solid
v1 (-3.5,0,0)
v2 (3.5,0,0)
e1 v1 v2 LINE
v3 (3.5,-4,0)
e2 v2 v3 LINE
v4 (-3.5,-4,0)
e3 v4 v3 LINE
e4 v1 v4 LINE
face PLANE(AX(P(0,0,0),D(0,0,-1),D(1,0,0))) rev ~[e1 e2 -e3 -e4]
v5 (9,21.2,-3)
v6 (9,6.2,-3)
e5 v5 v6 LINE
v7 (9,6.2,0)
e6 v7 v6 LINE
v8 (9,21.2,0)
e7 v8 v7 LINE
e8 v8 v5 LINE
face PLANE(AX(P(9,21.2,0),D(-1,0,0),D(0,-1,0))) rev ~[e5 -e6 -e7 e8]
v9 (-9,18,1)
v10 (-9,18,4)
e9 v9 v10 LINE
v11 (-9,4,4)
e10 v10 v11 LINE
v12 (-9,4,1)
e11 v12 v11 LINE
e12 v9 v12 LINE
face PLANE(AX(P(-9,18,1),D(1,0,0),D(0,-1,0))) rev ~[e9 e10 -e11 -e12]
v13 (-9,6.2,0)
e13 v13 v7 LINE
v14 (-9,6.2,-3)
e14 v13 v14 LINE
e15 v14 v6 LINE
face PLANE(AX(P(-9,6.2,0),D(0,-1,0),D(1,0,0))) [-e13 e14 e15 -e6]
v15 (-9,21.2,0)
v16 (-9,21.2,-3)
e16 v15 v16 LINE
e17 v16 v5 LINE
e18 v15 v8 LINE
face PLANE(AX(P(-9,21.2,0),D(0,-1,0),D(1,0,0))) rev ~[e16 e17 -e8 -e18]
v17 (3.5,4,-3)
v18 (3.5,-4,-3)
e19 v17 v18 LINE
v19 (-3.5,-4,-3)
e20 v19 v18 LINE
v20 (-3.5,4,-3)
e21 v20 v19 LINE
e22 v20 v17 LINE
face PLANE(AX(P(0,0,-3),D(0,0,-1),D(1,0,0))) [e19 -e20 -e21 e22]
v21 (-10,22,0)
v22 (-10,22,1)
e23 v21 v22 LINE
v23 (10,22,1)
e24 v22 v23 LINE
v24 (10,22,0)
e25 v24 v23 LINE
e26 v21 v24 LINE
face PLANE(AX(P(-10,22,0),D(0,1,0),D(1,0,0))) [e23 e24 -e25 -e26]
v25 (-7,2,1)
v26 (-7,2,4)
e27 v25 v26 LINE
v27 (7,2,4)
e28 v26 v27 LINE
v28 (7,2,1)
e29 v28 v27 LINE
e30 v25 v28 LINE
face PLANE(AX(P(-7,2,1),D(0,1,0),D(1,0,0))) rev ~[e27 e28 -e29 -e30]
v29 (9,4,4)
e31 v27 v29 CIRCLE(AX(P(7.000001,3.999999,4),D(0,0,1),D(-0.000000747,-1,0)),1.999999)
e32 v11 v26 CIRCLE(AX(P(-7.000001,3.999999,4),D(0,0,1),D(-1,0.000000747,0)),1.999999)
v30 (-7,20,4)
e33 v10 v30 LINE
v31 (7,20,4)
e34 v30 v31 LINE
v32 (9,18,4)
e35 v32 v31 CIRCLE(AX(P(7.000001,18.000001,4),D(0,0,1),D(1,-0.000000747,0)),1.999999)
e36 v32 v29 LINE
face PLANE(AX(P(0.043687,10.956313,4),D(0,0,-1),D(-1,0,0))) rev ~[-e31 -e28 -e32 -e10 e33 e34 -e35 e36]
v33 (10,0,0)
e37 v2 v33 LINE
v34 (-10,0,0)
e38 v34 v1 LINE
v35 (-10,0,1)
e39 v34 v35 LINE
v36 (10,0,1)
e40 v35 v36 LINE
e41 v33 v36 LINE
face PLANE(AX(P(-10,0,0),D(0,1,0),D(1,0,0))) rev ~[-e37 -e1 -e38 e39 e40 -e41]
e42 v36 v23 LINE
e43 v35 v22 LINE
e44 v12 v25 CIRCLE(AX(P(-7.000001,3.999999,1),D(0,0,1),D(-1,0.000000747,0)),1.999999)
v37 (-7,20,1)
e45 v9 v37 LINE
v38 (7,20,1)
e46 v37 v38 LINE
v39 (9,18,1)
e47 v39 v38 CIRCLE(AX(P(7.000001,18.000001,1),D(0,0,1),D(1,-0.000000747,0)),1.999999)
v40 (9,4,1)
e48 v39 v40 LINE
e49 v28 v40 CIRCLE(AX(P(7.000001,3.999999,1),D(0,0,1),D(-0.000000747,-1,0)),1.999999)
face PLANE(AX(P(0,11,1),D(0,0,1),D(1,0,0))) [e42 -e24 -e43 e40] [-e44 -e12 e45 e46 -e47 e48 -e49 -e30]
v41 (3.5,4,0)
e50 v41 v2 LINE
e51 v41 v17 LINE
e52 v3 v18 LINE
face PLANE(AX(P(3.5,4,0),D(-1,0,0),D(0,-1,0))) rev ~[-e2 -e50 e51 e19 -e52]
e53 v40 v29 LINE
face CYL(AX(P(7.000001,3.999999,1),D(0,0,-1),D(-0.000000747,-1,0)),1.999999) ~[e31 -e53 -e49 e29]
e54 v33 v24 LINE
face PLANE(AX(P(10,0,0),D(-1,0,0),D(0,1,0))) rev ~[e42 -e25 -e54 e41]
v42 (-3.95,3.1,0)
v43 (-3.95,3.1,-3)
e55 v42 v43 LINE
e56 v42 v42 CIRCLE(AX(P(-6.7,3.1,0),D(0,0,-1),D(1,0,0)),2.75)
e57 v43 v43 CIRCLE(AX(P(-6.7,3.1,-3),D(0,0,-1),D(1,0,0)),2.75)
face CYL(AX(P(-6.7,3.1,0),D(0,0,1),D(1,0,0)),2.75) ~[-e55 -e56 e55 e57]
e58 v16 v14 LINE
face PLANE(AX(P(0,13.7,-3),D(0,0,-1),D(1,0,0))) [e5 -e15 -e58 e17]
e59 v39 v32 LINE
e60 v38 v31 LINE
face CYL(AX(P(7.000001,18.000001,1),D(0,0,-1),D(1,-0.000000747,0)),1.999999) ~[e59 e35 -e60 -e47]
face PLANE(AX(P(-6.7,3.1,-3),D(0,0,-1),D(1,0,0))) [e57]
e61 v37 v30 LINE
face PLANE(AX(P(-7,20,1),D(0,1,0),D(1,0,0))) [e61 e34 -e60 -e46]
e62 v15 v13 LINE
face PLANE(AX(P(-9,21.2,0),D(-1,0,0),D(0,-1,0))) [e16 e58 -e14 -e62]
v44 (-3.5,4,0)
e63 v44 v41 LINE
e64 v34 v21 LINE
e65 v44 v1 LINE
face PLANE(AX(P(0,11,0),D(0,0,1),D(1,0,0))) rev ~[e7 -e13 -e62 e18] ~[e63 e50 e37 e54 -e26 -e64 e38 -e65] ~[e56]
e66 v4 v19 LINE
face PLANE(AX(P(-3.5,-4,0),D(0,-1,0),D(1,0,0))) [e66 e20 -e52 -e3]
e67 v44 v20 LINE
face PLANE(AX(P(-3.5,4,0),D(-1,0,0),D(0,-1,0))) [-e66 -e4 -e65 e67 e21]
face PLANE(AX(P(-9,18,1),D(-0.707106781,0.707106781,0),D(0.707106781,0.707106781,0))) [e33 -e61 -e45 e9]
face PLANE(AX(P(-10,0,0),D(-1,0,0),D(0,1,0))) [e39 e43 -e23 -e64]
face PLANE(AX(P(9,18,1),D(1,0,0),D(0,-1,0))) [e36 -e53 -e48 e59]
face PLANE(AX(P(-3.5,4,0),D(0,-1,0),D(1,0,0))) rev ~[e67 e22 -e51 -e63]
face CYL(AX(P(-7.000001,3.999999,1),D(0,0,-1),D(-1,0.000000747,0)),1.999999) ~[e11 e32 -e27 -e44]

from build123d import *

# Parameters (mm, degrees)
SKETCH_W      = 20
SKETCH_H      = 22
PAD_DEPTH     = 1
PAD001_DEPTH  = 3
SKETCH002_R   = 2.75
SKETCH002_W   = 18
SKETCH002_H   = 15
SKETCH002_W_2 = 7
SKETCH002_H_2 = 8
PAD002_DEPTH  = 3


with BuildPart() as part:
    # Sketch → Pad (new body)
    with BuildSketch(Plane.XY):
        with Locations((0, 11)):
            Rectangle(SKETCH_W, SKETCH_H)
    extrude(amount=PAD_DEPTH)

    # Sketch001 (on Face6 of Pad) → Pad001 (join)
    with BuildSketch(Plane.XY.offset(1)):
        with BuildLine():
            Line((-7, 20), (7, 20))
            ThreePointArc((9, 18), (8.414214, 19.414214), (7, 20))
            Line((9, 18), (9, 4))
            ThreePointArc((7, 2), (8.414214, 2.585786), (9, 4))
            Line((-7, 2), (7, 2))
            ThreePointArc((-9, 4), (-8.414214, 2.585786), (-7, 2))
            Line((-9, 18), (-9, 4))
            Line((-9, 18), (-7, 20))
        make_face()
    extrude(amount=PAD001_DEPTH)

    # Sketch002 (on Face4 of Pad001) → Pad002 (join)
    with BuildSketch(Plane(origin=(0, 0, 0), x_dir=(1, 0, 0), z_dir=(0, 0, -1))):
        with Locations((-6.7, -3.1)):
            Circle(SKETCH002_R)
        with Locations((0, -13.7)):
            Rectangle(SKETCH002_W, SKETCH002_H)
        Rectangle(SKETCH002_W_2, SKETCH002_H_2)
    extrude(amount=PAD002_DEPTH)


solid = part.part
